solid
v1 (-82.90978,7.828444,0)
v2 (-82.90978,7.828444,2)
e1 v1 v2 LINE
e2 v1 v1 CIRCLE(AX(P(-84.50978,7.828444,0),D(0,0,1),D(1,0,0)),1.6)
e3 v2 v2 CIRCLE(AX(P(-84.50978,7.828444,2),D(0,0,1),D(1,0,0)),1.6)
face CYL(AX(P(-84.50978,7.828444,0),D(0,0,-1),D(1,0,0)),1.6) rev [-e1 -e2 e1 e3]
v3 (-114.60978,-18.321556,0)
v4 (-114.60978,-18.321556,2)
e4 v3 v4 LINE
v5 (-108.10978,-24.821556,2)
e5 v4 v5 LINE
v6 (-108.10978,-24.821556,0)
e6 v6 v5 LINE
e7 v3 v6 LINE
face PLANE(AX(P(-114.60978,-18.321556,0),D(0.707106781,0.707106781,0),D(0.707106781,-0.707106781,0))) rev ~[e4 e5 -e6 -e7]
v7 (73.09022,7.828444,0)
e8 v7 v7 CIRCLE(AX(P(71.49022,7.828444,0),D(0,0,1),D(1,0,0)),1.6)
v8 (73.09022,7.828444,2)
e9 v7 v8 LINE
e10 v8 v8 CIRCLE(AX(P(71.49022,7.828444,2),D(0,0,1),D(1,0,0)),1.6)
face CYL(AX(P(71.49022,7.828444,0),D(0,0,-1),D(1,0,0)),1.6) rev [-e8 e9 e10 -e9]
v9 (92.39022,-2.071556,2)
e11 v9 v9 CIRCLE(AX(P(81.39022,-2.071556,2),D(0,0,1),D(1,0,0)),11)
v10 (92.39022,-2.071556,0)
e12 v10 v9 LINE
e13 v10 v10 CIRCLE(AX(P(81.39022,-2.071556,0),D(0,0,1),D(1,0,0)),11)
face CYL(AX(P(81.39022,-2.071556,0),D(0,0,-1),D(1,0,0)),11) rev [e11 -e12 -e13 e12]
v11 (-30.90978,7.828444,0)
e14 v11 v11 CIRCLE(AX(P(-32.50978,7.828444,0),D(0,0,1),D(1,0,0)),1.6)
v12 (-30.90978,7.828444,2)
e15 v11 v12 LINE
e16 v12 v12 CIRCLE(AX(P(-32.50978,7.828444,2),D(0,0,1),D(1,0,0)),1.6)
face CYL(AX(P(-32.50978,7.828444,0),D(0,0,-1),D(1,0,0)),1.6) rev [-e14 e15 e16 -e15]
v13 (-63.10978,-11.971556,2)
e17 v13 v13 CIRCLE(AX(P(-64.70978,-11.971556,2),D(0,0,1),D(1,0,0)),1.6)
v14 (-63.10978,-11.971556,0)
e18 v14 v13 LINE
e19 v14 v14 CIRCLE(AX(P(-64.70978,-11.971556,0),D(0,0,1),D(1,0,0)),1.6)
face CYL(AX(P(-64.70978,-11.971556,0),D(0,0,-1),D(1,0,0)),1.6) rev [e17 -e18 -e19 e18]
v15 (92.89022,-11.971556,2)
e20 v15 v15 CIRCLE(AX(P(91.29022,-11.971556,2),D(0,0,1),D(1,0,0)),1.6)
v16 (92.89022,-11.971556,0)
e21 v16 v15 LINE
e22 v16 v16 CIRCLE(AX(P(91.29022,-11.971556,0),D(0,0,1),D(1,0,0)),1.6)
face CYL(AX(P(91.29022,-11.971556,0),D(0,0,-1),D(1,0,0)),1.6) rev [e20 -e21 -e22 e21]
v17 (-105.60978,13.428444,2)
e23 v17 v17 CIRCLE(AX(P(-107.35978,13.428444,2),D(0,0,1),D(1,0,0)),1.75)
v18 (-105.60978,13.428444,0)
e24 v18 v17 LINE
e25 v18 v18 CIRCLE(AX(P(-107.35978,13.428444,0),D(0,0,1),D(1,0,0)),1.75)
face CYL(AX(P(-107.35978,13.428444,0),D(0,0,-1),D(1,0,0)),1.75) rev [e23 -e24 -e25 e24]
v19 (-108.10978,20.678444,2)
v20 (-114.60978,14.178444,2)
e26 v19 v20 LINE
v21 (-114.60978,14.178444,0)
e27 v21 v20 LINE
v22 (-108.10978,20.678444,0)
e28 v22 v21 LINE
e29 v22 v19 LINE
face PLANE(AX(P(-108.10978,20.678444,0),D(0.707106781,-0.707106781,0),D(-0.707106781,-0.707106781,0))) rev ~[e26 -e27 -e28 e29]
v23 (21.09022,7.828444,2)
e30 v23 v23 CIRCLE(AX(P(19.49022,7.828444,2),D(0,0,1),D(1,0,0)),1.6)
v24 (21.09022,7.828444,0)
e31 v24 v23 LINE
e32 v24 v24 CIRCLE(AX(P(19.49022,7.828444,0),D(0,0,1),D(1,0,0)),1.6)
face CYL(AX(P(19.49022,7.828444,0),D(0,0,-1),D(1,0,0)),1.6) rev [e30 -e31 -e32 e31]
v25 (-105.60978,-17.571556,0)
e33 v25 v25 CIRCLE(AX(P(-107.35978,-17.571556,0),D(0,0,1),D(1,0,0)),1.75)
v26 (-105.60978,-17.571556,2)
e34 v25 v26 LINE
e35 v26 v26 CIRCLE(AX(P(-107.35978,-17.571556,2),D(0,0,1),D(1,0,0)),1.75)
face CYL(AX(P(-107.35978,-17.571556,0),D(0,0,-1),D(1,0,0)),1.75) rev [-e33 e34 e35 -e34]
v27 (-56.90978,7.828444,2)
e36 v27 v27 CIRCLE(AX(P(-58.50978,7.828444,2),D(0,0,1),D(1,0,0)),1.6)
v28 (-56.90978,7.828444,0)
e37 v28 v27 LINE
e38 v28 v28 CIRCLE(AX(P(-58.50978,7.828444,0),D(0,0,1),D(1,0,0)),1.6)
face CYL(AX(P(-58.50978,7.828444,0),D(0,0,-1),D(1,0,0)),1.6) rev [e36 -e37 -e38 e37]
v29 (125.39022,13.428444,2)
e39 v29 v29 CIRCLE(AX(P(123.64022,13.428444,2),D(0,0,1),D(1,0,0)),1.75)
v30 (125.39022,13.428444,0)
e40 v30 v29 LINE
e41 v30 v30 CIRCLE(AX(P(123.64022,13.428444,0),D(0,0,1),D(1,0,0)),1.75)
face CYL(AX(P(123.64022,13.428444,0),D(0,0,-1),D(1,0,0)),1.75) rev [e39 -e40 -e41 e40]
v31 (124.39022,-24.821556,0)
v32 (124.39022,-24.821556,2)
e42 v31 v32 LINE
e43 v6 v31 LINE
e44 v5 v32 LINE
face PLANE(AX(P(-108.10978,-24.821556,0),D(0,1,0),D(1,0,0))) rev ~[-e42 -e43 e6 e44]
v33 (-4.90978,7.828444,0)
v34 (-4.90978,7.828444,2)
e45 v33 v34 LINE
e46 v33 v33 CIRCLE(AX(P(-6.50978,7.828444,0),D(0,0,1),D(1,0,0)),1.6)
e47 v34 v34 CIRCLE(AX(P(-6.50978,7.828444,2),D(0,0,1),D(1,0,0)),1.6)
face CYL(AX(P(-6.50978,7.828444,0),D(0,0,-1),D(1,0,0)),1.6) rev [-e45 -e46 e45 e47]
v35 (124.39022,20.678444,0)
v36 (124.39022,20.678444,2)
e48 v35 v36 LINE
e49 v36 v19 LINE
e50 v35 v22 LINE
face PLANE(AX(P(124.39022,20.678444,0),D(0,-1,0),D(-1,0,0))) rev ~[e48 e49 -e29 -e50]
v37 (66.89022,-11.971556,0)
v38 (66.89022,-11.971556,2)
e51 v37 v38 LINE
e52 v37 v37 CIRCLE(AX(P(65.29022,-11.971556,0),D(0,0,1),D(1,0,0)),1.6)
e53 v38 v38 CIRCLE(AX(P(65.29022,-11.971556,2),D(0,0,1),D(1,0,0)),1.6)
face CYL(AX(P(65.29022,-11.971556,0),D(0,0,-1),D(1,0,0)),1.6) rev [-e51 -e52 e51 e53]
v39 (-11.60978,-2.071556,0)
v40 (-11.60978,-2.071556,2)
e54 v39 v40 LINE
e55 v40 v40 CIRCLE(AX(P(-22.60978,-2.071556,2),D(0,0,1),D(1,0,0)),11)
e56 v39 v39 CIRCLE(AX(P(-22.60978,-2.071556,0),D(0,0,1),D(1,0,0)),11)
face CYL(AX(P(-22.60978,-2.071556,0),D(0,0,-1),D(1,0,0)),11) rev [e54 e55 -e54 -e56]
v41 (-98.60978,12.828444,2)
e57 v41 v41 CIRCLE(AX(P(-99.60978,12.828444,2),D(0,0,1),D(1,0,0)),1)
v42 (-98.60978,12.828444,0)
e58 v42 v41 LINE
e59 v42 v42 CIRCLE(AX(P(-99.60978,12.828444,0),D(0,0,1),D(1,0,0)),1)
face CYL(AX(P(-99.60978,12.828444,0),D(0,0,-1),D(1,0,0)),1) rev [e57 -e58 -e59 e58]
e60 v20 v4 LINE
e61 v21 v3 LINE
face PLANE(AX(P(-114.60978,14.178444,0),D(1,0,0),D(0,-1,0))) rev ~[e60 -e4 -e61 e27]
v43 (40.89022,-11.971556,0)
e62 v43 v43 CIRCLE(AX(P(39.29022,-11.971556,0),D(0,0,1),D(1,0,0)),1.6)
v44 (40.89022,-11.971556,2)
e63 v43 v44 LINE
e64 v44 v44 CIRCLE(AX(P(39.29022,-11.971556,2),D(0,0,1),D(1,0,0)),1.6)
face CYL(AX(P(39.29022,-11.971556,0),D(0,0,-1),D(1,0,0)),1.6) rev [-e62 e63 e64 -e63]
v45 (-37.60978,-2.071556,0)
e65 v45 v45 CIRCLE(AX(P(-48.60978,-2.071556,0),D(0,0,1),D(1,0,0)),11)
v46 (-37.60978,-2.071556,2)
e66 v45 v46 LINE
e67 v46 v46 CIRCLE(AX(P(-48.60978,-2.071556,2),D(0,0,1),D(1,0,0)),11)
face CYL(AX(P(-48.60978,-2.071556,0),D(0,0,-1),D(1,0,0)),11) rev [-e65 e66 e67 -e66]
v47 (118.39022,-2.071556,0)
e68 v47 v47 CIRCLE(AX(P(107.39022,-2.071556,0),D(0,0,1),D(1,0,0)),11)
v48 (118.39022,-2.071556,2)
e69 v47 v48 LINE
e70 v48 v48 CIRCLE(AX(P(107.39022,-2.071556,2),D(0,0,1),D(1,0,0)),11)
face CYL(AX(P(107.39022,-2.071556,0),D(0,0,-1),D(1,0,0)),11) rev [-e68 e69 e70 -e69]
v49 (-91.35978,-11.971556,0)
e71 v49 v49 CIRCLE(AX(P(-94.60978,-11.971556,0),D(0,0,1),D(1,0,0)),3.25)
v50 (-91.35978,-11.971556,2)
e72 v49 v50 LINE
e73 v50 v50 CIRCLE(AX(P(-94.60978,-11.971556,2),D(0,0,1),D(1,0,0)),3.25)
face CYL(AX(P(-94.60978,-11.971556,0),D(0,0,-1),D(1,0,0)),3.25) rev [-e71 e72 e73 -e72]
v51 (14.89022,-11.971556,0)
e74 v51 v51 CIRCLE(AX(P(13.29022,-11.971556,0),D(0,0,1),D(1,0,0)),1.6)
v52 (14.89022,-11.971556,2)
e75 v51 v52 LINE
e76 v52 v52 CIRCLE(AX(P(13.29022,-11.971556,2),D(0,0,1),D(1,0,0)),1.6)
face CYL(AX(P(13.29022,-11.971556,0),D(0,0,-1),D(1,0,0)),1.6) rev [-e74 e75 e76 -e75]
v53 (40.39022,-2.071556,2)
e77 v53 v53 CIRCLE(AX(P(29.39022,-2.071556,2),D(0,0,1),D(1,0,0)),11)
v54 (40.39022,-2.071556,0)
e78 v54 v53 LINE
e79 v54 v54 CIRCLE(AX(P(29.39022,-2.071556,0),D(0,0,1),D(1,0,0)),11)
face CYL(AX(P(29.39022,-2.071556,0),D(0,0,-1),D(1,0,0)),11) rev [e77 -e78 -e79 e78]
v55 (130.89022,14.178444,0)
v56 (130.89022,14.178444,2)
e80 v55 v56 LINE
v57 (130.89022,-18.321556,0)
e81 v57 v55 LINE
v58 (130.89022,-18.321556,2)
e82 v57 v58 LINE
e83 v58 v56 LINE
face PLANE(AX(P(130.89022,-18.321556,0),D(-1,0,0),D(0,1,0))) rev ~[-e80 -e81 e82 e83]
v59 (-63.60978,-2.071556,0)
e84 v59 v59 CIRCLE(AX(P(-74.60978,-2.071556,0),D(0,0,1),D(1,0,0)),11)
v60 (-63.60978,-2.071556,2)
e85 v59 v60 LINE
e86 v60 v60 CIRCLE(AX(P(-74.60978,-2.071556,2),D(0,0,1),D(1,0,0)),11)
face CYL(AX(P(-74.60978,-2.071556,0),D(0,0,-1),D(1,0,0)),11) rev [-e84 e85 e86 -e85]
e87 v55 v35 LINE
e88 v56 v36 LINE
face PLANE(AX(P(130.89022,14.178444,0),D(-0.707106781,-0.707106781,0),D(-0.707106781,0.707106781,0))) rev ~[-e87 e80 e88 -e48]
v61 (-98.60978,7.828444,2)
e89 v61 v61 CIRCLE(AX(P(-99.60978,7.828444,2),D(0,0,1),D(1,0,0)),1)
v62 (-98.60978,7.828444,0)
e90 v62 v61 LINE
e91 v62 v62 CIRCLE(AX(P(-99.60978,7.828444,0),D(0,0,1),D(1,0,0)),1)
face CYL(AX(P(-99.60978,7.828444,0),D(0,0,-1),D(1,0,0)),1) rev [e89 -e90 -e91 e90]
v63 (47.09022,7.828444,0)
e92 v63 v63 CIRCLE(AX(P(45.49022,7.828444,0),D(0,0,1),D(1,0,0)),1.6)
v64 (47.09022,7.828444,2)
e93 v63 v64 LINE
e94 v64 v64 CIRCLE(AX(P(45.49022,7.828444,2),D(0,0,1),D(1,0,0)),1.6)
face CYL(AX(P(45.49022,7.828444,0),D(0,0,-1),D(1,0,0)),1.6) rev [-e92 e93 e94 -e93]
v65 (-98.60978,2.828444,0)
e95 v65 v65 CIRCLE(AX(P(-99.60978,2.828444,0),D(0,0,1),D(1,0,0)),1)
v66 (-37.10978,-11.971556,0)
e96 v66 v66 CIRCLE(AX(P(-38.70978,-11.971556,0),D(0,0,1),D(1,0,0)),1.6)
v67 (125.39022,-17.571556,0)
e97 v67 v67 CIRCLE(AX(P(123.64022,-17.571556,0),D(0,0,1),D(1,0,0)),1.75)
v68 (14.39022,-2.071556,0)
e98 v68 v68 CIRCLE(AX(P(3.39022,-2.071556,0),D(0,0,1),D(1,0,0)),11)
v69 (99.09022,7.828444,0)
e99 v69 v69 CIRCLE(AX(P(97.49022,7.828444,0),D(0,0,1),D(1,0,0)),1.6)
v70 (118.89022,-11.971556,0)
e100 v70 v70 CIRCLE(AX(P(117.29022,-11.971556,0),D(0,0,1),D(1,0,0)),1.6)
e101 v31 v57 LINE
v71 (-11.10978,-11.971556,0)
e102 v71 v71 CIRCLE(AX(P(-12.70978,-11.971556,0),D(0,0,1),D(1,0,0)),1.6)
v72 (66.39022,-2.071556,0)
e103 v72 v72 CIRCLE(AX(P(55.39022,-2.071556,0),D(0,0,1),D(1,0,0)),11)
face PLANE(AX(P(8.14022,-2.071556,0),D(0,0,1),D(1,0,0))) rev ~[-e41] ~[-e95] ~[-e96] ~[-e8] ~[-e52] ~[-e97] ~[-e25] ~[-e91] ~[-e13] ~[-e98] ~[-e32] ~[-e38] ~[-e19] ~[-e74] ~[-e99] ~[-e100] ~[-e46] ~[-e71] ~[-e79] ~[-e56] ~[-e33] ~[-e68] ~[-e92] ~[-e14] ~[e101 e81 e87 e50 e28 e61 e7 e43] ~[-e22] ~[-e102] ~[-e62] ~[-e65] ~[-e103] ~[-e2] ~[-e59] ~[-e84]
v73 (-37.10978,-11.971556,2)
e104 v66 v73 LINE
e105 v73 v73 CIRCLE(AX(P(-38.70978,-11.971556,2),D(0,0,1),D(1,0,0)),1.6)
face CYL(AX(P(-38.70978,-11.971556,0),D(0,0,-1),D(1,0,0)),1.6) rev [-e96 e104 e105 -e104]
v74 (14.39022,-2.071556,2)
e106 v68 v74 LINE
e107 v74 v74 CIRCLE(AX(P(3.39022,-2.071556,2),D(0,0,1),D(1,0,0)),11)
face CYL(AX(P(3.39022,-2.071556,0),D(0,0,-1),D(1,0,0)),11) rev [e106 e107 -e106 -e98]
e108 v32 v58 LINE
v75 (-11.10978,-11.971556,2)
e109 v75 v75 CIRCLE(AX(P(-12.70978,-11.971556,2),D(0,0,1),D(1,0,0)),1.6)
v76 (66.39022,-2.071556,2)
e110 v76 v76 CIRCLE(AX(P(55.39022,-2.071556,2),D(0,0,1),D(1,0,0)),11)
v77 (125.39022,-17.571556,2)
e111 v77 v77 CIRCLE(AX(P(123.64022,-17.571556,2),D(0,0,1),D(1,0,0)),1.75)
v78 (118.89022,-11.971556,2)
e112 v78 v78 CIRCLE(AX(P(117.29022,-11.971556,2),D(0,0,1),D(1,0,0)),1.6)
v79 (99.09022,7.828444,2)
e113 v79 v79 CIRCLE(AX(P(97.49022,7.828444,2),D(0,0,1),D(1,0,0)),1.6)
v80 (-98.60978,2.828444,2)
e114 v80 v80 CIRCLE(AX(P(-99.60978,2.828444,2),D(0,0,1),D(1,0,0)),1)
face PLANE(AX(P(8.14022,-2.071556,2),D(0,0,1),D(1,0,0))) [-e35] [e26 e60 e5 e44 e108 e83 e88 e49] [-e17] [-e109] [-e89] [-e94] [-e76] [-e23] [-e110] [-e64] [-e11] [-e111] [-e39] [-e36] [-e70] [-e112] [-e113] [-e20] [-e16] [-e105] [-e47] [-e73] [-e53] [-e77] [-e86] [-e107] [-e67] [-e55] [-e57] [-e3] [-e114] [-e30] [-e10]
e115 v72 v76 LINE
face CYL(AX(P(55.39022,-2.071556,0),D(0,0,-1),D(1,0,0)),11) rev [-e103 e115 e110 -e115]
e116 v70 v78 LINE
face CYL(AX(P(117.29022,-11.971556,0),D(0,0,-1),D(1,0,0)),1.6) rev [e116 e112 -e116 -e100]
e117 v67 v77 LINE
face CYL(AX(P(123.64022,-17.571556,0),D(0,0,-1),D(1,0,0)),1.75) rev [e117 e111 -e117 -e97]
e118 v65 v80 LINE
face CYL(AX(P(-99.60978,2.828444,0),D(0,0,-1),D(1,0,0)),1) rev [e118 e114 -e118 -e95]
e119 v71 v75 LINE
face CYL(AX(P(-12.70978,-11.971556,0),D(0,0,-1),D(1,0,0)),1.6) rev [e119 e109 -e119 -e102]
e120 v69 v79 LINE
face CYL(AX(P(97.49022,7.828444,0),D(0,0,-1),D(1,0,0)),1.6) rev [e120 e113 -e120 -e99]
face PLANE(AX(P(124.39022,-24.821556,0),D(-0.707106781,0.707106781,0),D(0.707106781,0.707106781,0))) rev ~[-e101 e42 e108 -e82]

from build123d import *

# Parameters (mm, degrees)
F0_R     = 1.75
F0_R_2   = 3.25
F0_R_3   = 1.6
F0_R_4   = 1
F0_R_5   = 11
F1_DEPTH = 2


with BuildPart() as f1:
    # F0 (on Top) → F1 (new body)
    with BuildSketch(Plane.XY):
        Polygon((124.39022, 20.678444), (-108.10978, 20.678444), (-114.60978, 14.178444), (-114.60978, -18.321556), (-108.10978, -24.821556), (124.39022, -24.821556), (130.89022, -18.321556), (130.89022, 14.178444), align=None)
        with Locations((-107.35978, -17.571556)):
            Circle(F0_R, mode=Mode.SUBTRACT)
        with Locations((-94.60978, -11.971556)):
            Circle(F0_R_2, mode=Mode.SUBTRACT)
        with Locations((-64.70978, -11.971556)):
            Circle(F0_R_3, mode=Mode.SUBTRACT)
        with Locations((-38.70978, -11.971556)):
            Circle(F0_R_3, mode=Mode.SUBTRACT)
        with Locations((-12.70978, -11.971556)):
            Circle(F0_R_3, mode=Mode.SUBTRACT)
        with Locations((123.64022, -17.571556)):
            Circle(F0_R, mode=Mode.SUBTRACT)
        with Locations((13.29022, -11.971556)):
            Circle(F0_R_3, mode=Mode.SUBTRACT)
        with Locations((39.29022, -11.971556)):
            Circle(F0_R_3, mode=Mode.SUBTRACT)
        with Locations((65.29022, -11.971556)):
            Circle(F0_R_3, mode=Mode.SUBTRACT)
        with Locations((91.29022, -11.971556)):
            Circle(F0_R_3, mode=Mode.SUBTRACT)
        with Locations((117.29022, -11.971556)):
            Circle(F0_R_3, mode=Mode.SUBTRACT)
        with Locations((-99.60978, 2.828444)):
            Circle(F0_R_4, mode=Mode.SUBTRACT)
        with Locations((-74.60978, -2.071556)):
            Circle(F0_R_5, mode=Mode.SUBTRACT)
        with Locations((-99.60978, 7.828444)):
            Circle(F0_R_4, mode=Mode.SUBTRACT)
        with Locations((-84.50978, 7.828444)):
            Circle(F0_R_3, mode=Mode.SUBTRACT)
        with Locations((-58.50978, 7.828444)):
            Circle(F0_R_3, mode=Mode.SUBTRACT)
        with Locations((-48.60978, -2.071556)):
            Circle(F0_R_5, mode=Mode.SUBTRACT)
        with Locations((-22.60978, -2.071556)):
            Circle(F0_R_5, mode=Mode.SUBTRACT)
        with Locations((3.39022, -2.071556)):
            Circle(F0_R_5, mode=Mode.SUBTRACT)
        with Locations((-32.50978, 7.828444)):
            Circle(F0_R_3, mode=Mode.SUBTRACT)
        with Locations((-6.50978, 7.828444)):
            Circle(F0_R_3, mode=Mode.SUBTRACT)
        with Locations((-107.35978, 13.428444)):
            Circle(F0_R, mode=Mode.SUBTRACT)
        with Locations((-99.60978, 12.828444)):
            Circle(F0_R_4, mode=Mode.SUBTRACT)
        with Locations((29.39022, -2.071556)):
            Circle(F0_R_5, mode=Mode.SUBTRACT)
        with Locations((55.39022, -2.071556)):
            Circle(F0_R_5, mode=Mode.SUBTRACT)
        with Locations((19.49022, 7.828444)):
            Circle(F0_R_3, mode=Mode.SUBTRACT)
        with Locations((45.49022, 7.828444)):
            Circle(F0_R_3, mode=Mode.SUBTRACT)
        with Locations((81.39022, -2.071556)):
            Circle(F0_R_5, mode=Mode.SUBTRACT)
        with Locations((107.39022, -2.071556)):
            Circle(F0_R_5, mode=Mode.SUBTRACT)
        with Locations((71.49022, 7.828444)):
            Circle(F0_R_3, mode=Mode.SUBTRACT)
        with Locations((97.49022, 7.828444)):
            Circle(F0_R_3, mode=Mode.SUBTRACT)
        with Locations((123.64022, 13.428444)):
            Circle(F0_R, mode=Mode.SUBTRACT)
    extrude(amount=F1_DEPTH)


solid = f1.part
